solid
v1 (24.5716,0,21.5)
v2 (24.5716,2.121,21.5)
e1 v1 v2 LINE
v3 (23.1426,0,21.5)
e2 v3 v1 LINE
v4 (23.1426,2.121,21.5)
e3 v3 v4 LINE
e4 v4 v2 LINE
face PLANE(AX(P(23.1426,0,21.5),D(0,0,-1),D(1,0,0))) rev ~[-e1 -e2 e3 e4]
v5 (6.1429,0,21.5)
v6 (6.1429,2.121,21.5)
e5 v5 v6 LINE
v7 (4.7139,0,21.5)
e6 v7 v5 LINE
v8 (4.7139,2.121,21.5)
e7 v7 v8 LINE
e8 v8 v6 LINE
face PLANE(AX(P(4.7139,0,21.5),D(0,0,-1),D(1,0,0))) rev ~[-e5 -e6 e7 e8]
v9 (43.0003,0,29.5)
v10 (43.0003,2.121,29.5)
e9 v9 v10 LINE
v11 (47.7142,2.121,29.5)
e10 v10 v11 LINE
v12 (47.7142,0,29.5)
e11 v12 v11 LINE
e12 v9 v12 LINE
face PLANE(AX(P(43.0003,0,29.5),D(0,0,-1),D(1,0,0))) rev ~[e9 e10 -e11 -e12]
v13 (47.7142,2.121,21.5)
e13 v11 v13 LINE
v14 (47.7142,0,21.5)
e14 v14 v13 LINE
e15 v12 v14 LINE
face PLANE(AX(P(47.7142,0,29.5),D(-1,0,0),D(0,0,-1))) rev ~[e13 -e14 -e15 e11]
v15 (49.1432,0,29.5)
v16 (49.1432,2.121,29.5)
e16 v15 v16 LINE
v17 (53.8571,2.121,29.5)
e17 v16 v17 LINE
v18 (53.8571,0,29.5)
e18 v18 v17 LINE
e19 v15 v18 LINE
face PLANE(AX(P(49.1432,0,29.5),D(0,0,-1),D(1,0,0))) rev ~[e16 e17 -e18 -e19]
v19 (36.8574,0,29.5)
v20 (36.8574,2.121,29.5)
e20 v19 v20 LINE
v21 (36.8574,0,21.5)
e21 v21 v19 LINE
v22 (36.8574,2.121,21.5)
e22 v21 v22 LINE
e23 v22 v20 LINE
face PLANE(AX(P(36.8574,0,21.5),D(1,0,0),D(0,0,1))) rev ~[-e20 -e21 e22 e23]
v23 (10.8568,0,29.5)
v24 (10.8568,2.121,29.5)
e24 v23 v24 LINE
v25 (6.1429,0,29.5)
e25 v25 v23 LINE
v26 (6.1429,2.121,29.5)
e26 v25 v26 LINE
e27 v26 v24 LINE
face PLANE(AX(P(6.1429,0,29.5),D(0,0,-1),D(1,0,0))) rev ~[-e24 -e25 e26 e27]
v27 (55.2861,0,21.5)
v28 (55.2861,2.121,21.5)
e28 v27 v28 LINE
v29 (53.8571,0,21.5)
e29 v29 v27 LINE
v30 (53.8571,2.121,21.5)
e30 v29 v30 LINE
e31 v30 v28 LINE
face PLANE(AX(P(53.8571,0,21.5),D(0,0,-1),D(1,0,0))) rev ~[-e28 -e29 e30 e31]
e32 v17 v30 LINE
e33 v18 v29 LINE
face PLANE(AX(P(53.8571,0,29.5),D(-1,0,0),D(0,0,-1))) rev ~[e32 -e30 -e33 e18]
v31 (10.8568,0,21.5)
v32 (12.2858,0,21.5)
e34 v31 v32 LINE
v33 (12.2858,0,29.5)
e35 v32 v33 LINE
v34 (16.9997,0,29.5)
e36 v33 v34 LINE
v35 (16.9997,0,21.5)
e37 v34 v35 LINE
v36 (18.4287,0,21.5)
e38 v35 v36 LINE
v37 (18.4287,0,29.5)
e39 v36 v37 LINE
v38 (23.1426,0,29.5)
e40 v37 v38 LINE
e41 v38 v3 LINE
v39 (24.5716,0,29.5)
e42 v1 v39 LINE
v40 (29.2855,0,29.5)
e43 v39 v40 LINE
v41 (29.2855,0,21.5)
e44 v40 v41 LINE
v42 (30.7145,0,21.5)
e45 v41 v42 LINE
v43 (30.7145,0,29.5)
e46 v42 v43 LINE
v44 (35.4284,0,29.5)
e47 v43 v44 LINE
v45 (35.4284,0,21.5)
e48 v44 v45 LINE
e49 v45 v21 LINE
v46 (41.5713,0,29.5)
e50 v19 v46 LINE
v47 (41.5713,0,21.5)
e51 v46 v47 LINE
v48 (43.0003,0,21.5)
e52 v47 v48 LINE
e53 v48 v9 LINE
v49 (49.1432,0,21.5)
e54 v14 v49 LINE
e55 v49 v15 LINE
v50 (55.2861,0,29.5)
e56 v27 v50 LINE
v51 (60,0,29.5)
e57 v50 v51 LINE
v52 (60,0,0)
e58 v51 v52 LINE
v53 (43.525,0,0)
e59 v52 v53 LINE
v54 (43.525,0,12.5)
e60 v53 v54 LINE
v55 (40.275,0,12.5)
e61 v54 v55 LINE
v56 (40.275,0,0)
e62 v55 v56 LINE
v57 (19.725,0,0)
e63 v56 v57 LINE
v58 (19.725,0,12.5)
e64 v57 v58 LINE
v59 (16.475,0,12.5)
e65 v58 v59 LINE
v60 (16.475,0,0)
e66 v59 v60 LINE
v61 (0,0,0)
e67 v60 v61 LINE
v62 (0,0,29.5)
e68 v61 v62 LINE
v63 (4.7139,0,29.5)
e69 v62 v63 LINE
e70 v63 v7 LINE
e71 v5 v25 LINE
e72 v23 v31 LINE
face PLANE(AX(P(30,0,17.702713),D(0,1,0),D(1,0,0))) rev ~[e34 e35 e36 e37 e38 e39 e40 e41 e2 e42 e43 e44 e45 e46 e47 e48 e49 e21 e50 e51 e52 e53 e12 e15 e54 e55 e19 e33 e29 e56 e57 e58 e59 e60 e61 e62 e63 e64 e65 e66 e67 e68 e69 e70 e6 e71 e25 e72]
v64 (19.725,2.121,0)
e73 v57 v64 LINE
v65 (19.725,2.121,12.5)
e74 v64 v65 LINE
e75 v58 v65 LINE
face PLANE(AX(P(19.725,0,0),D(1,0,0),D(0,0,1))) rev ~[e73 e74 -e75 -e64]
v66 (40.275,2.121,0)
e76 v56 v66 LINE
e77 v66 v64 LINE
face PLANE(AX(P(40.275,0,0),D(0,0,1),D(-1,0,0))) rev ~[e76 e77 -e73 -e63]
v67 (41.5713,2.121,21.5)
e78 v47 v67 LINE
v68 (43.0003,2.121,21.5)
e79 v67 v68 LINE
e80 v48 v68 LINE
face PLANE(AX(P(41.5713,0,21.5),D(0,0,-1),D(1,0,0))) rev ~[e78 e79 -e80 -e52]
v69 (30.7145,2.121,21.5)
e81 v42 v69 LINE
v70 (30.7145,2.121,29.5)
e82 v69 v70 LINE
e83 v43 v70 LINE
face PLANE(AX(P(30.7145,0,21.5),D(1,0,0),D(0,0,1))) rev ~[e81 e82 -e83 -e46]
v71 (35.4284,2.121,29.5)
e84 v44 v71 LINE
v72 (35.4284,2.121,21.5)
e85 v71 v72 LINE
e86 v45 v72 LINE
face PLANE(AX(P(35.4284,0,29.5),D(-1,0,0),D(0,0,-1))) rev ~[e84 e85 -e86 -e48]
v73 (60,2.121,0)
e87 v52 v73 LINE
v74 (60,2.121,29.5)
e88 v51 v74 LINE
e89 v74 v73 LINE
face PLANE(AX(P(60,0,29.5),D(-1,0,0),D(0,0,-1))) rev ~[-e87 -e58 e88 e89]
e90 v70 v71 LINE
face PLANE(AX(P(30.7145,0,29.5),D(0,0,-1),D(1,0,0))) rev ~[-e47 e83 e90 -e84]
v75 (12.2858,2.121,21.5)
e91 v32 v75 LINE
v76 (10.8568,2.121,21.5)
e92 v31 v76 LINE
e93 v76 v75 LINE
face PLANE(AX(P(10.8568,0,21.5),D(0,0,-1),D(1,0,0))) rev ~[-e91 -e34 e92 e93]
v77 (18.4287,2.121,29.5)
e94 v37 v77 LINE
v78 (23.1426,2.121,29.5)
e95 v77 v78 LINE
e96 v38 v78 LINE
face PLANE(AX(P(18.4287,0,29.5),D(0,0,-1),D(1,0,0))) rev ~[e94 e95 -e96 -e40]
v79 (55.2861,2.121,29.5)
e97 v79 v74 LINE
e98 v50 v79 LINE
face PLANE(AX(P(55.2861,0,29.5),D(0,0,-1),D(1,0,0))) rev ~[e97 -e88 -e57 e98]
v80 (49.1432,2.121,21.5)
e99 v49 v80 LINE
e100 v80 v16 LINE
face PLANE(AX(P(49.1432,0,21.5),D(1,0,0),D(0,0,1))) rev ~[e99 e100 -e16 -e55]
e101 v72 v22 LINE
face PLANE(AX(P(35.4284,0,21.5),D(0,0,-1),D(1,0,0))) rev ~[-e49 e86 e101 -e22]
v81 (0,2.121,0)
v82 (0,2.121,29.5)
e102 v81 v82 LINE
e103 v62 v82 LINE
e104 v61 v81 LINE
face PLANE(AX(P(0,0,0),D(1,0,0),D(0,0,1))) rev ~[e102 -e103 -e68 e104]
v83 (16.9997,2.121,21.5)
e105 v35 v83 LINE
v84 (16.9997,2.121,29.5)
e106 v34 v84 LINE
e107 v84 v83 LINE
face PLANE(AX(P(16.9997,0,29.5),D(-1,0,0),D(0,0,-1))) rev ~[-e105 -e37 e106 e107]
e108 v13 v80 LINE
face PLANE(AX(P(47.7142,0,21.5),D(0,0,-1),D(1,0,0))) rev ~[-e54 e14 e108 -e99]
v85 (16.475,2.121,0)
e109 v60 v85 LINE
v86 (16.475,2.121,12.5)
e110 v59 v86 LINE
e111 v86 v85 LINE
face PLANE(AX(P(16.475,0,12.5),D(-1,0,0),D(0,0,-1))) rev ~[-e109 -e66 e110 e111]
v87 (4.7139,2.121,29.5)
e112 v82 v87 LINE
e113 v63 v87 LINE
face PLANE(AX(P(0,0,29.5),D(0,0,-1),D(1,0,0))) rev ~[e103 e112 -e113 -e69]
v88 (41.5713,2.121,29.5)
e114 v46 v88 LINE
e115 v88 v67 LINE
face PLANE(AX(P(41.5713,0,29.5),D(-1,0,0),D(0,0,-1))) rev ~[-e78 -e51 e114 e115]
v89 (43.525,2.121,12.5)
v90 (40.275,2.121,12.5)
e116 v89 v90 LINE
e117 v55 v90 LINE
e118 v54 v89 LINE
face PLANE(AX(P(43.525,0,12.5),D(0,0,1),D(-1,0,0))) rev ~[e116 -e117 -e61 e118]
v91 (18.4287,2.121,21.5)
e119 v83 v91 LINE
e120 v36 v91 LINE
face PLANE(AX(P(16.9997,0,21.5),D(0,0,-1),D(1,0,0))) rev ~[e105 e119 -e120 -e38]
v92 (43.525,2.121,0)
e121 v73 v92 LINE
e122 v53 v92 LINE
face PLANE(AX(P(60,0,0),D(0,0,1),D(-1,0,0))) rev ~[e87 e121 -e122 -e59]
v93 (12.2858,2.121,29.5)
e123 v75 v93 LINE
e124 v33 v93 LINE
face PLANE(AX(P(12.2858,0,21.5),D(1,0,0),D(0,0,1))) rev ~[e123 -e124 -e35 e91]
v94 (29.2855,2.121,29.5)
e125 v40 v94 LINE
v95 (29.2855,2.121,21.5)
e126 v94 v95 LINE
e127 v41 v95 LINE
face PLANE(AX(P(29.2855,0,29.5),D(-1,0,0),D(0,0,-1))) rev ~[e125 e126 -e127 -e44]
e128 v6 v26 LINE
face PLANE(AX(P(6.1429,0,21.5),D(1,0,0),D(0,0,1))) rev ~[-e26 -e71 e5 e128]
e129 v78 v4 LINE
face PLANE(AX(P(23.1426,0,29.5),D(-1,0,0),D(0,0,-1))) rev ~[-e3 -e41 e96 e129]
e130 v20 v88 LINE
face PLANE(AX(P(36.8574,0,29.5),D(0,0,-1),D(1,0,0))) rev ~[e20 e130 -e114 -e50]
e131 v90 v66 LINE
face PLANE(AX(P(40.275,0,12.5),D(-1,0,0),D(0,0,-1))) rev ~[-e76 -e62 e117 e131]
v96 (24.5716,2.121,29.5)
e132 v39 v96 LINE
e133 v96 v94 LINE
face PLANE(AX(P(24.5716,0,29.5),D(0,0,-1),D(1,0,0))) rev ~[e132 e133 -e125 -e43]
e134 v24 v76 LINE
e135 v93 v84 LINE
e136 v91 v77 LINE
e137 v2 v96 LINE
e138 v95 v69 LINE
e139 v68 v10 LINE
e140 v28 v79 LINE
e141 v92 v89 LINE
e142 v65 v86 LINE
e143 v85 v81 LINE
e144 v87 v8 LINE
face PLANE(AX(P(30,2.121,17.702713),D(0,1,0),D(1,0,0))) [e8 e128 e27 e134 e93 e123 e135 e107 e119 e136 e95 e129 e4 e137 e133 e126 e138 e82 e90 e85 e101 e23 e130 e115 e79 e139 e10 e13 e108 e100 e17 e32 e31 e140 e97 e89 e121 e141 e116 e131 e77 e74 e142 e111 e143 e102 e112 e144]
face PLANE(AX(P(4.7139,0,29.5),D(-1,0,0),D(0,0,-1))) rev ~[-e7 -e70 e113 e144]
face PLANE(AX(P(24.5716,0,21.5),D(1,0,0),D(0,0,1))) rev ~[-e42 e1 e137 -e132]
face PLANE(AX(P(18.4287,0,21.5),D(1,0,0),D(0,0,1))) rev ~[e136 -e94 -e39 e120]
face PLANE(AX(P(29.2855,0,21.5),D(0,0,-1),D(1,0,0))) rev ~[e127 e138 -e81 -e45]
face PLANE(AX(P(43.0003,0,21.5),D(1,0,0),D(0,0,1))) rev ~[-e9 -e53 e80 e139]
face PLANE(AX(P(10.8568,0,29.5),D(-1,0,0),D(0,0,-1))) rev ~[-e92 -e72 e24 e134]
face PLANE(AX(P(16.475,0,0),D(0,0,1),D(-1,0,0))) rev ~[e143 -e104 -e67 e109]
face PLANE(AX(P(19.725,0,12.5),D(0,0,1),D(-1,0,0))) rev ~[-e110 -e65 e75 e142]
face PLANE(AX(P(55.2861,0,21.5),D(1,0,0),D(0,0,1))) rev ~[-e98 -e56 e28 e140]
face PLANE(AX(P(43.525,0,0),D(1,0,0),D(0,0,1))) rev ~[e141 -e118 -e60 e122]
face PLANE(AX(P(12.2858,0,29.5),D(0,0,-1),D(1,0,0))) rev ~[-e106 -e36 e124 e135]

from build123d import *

# Parameters (mm, degrees)
BOSS_EXTRUDE2_DEPTH = 2.121


with BuildPart() as part:
    # Sketch1 → Boss-Extrude2 (new body)
    with BuildSketch(Plane(origin=(0, 0, 0), x_dir=(1, 0, 0), z_dir=(0, 1, 0))):
        Polygon((0, 0), (0, -29.5), (4.7139, -29.5), (4.7139, -21.5), (6.1429, -21.5), (6.1429, -29.5), (10.8568, -29.5), (10.8568, -21.5), (12.2858, -21.5), (12.2858, -29.5), (16.9997, -29.5), (16.9997, -21.5), (18.4287, -21.5), (18.4287, -29.5), (23.1426, -29.5), (23.1426, -21.5), (24.5716, -21.5), (24.5716, -29.5), (29.2855, -29.5), (29.2855, -21.5), (30.7145, -21.5), (30.7145, -29.5), (35.4284, -29.5), (35.4284, -21.5), (36.8574, -21.5), (36.8574, -29.5), (41.5713, -29.5), (41.5713, -21.5), (43.0003, -21.5), (43.0003, -29.5), (47.7142, -29.5), (47.7142, -21.5), (49.1432, -21.5), (49.1432, -29.5), (53.8571, -29.5), (53.8571, -21.5), (55.2861, -21.5), (55.2861, -29.5), (60, -29.5), (60, 0), (43.525, 0), (43.525, -12.5), (40.275, -12.5), (40.275, 0), (19.725, 0), (19.725, -12.5), (16.475, -12.5), (16.475, 0), align=None)
    extrude(amount=BOSS_EXTRUDE2_DEPTH)


solid = part.part
